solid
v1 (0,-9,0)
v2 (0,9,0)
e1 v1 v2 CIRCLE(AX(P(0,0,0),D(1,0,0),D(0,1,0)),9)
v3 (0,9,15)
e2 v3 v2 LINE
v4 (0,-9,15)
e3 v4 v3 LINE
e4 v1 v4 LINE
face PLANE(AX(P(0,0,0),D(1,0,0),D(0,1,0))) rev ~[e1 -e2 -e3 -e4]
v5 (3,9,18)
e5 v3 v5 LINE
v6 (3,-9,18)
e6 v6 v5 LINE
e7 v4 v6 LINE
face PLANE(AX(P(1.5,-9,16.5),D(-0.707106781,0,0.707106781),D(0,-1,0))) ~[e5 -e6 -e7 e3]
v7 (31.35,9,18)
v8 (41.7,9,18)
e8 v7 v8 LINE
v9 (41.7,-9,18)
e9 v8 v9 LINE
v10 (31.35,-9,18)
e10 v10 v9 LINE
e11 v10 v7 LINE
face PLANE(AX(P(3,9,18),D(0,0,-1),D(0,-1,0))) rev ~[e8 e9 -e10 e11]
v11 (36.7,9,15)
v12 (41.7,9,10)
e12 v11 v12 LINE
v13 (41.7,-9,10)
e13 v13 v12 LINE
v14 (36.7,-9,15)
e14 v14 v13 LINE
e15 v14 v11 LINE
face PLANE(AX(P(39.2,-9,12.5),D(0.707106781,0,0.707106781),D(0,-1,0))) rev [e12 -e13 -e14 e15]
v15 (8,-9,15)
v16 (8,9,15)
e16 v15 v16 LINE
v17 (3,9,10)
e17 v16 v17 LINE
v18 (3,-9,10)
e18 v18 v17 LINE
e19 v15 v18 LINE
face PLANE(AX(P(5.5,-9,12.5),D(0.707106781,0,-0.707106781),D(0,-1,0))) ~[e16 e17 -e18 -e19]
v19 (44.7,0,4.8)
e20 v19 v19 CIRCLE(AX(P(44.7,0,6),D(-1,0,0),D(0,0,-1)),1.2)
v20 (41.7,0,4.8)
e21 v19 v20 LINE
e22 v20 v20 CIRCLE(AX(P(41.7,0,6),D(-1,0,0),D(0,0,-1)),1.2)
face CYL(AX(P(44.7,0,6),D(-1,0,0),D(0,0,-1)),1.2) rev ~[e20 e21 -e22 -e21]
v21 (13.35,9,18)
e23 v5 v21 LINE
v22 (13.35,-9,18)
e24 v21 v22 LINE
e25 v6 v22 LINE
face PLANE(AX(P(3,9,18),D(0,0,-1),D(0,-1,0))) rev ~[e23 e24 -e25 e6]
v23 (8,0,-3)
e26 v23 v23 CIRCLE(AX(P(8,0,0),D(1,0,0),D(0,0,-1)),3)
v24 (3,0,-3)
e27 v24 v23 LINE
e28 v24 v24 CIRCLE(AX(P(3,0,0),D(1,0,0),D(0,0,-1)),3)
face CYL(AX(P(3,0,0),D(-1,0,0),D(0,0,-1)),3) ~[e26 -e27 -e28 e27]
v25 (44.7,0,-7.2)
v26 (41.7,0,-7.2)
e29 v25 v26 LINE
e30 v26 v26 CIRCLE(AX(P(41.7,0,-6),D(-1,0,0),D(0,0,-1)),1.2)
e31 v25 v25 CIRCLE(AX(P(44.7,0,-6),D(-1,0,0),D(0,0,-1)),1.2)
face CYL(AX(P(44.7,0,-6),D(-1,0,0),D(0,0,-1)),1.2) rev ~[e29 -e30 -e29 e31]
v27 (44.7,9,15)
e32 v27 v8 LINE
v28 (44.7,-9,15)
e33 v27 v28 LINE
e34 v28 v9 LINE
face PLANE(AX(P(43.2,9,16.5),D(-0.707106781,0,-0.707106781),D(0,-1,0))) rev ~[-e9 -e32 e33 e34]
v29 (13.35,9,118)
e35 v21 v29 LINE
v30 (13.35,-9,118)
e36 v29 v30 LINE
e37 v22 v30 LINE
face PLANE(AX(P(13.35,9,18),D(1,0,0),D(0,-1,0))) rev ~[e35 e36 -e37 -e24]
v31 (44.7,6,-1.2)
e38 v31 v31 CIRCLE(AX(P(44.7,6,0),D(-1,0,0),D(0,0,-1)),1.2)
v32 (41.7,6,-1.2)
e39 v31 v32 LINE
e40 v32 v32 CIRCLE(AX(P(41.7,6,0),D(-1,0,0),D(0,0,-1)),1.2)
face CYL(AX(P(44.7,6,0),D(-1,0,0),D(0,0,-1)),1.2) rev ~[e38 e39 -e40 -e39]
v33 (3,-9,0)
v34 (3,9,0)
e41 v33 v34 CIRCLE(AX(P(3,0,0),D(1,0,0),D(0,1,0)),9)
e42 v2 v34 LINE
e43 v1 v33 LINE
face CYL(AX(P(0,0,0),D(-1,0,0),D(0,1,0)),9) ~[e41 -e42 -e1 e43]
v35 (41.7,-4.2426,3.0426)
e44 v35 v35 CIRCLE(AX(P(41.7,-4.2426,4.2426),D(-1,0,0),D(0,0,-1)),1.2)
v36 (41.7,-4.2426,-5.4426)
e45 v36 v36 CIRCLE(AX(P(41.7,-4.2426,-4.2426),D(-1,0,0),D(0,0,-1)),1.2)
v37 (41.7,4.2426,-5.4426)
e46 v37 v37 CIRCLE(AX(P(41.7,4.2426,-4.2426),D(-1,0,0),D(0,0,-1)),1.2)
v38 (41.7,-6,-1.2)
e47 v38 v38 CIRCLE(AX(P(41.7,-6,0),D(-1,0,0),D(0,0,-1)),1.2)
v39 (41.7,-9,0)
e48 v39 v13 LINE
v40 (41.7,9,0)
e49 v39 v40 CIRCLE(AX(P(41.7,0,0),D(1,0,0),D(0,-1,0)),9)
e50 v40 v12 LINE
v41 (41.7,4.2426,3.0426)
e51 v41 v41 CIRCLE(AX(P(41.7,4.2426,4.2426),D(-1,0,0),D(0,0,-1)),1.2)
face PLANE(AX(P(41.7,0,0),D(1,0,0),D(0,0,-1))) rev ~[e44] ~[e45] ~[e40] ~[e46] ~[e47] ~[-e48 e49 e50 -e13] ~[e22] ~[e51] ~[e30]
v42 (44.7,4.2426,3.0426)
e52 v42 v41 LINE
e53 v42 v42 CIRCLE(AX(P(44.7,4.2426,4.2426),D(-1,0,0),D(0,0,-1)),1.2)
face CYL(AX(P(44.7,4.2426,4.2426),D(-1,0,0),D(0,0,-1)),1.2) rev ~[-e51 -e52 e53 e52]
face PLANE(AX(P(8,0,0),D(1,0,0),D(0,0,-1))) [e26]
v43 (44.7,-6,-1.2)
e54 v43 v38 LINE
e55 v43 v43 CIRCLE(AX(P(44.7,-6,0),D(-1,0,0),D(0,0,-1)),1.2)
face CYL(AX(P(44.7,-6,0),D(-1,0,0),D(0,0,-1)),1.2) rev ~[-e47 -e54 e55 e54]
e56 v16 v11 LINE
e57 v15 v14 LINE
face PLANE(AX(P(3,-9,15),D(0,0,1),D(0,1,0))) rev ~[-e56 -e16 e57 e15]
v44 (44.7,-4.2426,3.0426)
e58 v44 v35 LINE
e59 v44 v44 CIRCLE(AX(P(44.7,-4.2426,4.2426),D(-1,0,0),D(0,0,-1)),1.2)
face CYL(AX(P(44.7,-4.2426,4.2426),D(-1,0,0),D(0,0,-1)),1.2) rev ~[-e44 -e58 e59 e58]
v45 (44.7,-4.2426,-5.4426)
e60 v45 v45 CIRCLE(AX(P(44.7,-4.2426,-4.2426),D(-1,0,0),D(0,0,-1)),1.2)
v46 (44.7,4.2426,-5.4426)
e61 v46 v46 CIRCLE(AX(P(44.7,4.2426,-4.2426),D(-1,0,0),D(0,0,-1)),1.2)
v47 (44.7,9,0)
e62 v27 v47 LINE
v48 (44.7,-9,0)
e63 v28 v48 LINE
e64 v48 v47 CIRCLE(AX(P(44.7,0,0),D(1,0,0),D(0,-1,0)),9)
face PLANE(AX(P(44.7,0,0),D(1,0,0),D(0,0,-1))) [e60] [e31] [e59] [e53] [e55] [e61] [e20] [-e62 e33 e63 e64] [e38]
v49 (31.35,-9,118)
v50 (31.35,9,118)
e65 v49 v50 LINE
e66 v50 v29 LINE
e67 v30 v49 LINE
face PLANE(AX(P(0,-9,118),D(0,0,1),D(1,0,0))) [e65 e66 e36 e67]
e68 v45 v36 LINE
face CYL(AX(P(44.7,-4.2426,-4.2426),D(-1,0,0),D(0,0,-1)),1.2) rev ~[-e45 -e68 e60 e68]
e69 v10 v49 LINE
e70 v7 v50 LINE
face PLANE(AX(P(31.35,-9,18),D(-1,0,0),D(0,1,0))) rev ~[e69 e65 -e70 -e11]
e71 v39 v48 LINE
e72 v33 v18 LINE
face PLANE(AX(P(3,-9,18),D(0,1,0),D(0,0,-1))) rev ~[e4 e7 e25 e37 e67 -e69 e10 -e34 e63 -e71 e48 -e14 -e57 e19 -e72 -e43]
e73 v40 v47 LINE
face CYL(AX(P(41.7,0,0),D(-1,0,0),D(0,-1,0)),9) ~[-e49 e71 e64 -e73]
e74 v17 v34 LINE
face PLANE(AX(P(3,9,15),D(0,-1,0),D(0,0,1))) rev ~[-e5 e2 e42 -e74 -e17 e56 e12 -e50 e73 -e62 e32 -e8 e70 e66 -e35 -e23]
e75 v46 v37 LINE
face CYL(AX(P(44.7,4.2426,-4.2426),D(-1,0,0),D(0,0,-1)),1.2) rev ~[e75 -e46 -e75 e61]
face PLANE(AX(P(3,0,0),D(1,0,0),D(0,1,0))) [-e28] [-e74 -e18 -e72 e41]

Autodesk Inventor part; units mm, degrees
ref_plane "YZ Plane" through (0, 0, 0) normal (1, 0, 0) x (0, 1, 0)
ref_plane "XZ Plane" through (0, 0, 0) normal (0, 1, 0) x (-1, 0, 0)
ref_plane "XY Plane" through (0, 0, 0) normal (0, 0, 1) x (1, 0, 0)
sketch "スケッチ1" plane through (0, 0, 0) normal (1, 0, 0) x (0, 1, 0)
  circle A0 centre (0, 0) radius 9
  line L0 (9, 0) -> (-9, 0)
  line L1 (-9, 0) -> (-9, 18)
  line L2 (-9, 18) -> (9, 18)
  line L3 (9, 18) -> (9, 0)
  dimension "d0" = 18
  dimension "d1" = 18
  dimension "d2" = 18
extrude "押し出し1" add sketch "スケッチ1" along normal blind 3
sketch "スケッチ2" plane through (3, 0, 0) normal (1, 0, 0) x (0, 0, -1)
  line L0 (-18, 9) -> (-18, -9) projected
  line L1 (-18, -9) -> (-15, -9)
  line L2 (-15, -9) -> (-15, 9)
  line L3 (-15, 9) -> (-18, 9)
  line L4 (-18, 9) -> (-18, -9)
  line L5 (0, 9) -> (-18, 9) projected
  point P0 (0, 0)
  dimension "d5" = 3
extrude "押し出し2" add sketch "スケッチ2" along normal blind 38.7
sketch "スケッチ3" plane through (41.7, 0, 0) normal (1, 0, 0) x (0, 0, -1)
  line L0 (-15, 9) -> (-15, -9) projected
  line L1 (-15, -9) -> (0, -9) projected
  arc A0 (0, -9) -> (0, 9) centre (0, 0) ccw projected
  line L2 (0, 9) -> (-15, 9) projected
  line L3 (-15, -9) -> (-15, 9) projected
  line L4 (-15, 9) -> (-18, 9) projected
  line L5 (-18, 9) -> (-18, -9) projected
  line L6 (-18, -9) -> (-15, -9) projected
extrude "押し出し3" add sketch "スケッチ3" along normal blind 3
sketch "スケッチ7" plane through (0, -9, 18) normal (0, 0, 1) x (1, 0, 0)
  line L0 (3, 0) -> (41.7, 0) projected
  line L1 (31.35, 18) -> (13.35, 18)
  line L2 (13.35, 18) -> (13.35, 0)
  line L3 (13.35, 0) -> (31.35, 0)
  line L4 (31.35, 0) -> (31.35, 18)
  line L5 (31.35, 18) -> (13.35, 0) construction
  line L6 (13.35, 18) -> (31.35, 0) construction
  line L7 (0, 18) -> (44.7, 18) projected
  line L8 (44.7, 18) -> (44.7, 0) projected
  point P0 (0, 9)
  point P1 (22.35, 9)
  point P2 (31.35, 0)
  dimension "d23" = 18
  dimension "d24" = 22.35
extrude "押し出し7" add sketch "スケッチ7" along normal blind 100
sketch "スケッチ8" plane through (44.7, 0, 0) normal (1, 0, 0) x (0, 0, -1)
  circle A0 centre (0, 0) radius 6 construction
  line L0 (7.1439, 0) -> (-7.1439, 0) construction
  point P0 (-6, 0)
  point P1 (-4.2426, -4.2426)
  point P2 (0, -6)
  point P3 (4.2426, -4.2426)
  point P4 (6, 0)
  point P5 (4.2426, 4.2426)
  point P6 (0, 6)
  point P7 (-4.2426, 4.2426)
  dimension "d27" = 12
  dimension "d30" = 360
hole "穴1" at (44.7, 0, 6) at (44.7, -4.2426, 4.2426) at (44.7, -6, 0) at (44.7, -4.2426, -4.2426) at (44.7, 0, -6) at (44.7, 4.2426, -4.2426) at (44.7, 6, 0) at (44.7, 4.2426, 4.2426) direction (-1, 0, 0) diameter 2.4 depth 6.3 clearance for "Countersunk Flat Head Screw ISO 2009/7046" size "M2" standard "ISO"
sketch "スケッチ9" plane through (3, 0, 0) normal (1, 0, 0) x (0, 0, -1)
  circle A0 centre (0, 0) radius 3
  dimension "d39" = 6
extrude "押し出し8" add sketch "スケッチ9" along normal blind 5
chamfer "面取り1" distance 5 angle 45 2 edges at (3, 0, 15) (41.7, 0, 15)
chamfer "面取り2" distance 3 angle 45 2 edges at (0, 0, 18) (44.7, 0, 18)
properties part number "Arm2"
